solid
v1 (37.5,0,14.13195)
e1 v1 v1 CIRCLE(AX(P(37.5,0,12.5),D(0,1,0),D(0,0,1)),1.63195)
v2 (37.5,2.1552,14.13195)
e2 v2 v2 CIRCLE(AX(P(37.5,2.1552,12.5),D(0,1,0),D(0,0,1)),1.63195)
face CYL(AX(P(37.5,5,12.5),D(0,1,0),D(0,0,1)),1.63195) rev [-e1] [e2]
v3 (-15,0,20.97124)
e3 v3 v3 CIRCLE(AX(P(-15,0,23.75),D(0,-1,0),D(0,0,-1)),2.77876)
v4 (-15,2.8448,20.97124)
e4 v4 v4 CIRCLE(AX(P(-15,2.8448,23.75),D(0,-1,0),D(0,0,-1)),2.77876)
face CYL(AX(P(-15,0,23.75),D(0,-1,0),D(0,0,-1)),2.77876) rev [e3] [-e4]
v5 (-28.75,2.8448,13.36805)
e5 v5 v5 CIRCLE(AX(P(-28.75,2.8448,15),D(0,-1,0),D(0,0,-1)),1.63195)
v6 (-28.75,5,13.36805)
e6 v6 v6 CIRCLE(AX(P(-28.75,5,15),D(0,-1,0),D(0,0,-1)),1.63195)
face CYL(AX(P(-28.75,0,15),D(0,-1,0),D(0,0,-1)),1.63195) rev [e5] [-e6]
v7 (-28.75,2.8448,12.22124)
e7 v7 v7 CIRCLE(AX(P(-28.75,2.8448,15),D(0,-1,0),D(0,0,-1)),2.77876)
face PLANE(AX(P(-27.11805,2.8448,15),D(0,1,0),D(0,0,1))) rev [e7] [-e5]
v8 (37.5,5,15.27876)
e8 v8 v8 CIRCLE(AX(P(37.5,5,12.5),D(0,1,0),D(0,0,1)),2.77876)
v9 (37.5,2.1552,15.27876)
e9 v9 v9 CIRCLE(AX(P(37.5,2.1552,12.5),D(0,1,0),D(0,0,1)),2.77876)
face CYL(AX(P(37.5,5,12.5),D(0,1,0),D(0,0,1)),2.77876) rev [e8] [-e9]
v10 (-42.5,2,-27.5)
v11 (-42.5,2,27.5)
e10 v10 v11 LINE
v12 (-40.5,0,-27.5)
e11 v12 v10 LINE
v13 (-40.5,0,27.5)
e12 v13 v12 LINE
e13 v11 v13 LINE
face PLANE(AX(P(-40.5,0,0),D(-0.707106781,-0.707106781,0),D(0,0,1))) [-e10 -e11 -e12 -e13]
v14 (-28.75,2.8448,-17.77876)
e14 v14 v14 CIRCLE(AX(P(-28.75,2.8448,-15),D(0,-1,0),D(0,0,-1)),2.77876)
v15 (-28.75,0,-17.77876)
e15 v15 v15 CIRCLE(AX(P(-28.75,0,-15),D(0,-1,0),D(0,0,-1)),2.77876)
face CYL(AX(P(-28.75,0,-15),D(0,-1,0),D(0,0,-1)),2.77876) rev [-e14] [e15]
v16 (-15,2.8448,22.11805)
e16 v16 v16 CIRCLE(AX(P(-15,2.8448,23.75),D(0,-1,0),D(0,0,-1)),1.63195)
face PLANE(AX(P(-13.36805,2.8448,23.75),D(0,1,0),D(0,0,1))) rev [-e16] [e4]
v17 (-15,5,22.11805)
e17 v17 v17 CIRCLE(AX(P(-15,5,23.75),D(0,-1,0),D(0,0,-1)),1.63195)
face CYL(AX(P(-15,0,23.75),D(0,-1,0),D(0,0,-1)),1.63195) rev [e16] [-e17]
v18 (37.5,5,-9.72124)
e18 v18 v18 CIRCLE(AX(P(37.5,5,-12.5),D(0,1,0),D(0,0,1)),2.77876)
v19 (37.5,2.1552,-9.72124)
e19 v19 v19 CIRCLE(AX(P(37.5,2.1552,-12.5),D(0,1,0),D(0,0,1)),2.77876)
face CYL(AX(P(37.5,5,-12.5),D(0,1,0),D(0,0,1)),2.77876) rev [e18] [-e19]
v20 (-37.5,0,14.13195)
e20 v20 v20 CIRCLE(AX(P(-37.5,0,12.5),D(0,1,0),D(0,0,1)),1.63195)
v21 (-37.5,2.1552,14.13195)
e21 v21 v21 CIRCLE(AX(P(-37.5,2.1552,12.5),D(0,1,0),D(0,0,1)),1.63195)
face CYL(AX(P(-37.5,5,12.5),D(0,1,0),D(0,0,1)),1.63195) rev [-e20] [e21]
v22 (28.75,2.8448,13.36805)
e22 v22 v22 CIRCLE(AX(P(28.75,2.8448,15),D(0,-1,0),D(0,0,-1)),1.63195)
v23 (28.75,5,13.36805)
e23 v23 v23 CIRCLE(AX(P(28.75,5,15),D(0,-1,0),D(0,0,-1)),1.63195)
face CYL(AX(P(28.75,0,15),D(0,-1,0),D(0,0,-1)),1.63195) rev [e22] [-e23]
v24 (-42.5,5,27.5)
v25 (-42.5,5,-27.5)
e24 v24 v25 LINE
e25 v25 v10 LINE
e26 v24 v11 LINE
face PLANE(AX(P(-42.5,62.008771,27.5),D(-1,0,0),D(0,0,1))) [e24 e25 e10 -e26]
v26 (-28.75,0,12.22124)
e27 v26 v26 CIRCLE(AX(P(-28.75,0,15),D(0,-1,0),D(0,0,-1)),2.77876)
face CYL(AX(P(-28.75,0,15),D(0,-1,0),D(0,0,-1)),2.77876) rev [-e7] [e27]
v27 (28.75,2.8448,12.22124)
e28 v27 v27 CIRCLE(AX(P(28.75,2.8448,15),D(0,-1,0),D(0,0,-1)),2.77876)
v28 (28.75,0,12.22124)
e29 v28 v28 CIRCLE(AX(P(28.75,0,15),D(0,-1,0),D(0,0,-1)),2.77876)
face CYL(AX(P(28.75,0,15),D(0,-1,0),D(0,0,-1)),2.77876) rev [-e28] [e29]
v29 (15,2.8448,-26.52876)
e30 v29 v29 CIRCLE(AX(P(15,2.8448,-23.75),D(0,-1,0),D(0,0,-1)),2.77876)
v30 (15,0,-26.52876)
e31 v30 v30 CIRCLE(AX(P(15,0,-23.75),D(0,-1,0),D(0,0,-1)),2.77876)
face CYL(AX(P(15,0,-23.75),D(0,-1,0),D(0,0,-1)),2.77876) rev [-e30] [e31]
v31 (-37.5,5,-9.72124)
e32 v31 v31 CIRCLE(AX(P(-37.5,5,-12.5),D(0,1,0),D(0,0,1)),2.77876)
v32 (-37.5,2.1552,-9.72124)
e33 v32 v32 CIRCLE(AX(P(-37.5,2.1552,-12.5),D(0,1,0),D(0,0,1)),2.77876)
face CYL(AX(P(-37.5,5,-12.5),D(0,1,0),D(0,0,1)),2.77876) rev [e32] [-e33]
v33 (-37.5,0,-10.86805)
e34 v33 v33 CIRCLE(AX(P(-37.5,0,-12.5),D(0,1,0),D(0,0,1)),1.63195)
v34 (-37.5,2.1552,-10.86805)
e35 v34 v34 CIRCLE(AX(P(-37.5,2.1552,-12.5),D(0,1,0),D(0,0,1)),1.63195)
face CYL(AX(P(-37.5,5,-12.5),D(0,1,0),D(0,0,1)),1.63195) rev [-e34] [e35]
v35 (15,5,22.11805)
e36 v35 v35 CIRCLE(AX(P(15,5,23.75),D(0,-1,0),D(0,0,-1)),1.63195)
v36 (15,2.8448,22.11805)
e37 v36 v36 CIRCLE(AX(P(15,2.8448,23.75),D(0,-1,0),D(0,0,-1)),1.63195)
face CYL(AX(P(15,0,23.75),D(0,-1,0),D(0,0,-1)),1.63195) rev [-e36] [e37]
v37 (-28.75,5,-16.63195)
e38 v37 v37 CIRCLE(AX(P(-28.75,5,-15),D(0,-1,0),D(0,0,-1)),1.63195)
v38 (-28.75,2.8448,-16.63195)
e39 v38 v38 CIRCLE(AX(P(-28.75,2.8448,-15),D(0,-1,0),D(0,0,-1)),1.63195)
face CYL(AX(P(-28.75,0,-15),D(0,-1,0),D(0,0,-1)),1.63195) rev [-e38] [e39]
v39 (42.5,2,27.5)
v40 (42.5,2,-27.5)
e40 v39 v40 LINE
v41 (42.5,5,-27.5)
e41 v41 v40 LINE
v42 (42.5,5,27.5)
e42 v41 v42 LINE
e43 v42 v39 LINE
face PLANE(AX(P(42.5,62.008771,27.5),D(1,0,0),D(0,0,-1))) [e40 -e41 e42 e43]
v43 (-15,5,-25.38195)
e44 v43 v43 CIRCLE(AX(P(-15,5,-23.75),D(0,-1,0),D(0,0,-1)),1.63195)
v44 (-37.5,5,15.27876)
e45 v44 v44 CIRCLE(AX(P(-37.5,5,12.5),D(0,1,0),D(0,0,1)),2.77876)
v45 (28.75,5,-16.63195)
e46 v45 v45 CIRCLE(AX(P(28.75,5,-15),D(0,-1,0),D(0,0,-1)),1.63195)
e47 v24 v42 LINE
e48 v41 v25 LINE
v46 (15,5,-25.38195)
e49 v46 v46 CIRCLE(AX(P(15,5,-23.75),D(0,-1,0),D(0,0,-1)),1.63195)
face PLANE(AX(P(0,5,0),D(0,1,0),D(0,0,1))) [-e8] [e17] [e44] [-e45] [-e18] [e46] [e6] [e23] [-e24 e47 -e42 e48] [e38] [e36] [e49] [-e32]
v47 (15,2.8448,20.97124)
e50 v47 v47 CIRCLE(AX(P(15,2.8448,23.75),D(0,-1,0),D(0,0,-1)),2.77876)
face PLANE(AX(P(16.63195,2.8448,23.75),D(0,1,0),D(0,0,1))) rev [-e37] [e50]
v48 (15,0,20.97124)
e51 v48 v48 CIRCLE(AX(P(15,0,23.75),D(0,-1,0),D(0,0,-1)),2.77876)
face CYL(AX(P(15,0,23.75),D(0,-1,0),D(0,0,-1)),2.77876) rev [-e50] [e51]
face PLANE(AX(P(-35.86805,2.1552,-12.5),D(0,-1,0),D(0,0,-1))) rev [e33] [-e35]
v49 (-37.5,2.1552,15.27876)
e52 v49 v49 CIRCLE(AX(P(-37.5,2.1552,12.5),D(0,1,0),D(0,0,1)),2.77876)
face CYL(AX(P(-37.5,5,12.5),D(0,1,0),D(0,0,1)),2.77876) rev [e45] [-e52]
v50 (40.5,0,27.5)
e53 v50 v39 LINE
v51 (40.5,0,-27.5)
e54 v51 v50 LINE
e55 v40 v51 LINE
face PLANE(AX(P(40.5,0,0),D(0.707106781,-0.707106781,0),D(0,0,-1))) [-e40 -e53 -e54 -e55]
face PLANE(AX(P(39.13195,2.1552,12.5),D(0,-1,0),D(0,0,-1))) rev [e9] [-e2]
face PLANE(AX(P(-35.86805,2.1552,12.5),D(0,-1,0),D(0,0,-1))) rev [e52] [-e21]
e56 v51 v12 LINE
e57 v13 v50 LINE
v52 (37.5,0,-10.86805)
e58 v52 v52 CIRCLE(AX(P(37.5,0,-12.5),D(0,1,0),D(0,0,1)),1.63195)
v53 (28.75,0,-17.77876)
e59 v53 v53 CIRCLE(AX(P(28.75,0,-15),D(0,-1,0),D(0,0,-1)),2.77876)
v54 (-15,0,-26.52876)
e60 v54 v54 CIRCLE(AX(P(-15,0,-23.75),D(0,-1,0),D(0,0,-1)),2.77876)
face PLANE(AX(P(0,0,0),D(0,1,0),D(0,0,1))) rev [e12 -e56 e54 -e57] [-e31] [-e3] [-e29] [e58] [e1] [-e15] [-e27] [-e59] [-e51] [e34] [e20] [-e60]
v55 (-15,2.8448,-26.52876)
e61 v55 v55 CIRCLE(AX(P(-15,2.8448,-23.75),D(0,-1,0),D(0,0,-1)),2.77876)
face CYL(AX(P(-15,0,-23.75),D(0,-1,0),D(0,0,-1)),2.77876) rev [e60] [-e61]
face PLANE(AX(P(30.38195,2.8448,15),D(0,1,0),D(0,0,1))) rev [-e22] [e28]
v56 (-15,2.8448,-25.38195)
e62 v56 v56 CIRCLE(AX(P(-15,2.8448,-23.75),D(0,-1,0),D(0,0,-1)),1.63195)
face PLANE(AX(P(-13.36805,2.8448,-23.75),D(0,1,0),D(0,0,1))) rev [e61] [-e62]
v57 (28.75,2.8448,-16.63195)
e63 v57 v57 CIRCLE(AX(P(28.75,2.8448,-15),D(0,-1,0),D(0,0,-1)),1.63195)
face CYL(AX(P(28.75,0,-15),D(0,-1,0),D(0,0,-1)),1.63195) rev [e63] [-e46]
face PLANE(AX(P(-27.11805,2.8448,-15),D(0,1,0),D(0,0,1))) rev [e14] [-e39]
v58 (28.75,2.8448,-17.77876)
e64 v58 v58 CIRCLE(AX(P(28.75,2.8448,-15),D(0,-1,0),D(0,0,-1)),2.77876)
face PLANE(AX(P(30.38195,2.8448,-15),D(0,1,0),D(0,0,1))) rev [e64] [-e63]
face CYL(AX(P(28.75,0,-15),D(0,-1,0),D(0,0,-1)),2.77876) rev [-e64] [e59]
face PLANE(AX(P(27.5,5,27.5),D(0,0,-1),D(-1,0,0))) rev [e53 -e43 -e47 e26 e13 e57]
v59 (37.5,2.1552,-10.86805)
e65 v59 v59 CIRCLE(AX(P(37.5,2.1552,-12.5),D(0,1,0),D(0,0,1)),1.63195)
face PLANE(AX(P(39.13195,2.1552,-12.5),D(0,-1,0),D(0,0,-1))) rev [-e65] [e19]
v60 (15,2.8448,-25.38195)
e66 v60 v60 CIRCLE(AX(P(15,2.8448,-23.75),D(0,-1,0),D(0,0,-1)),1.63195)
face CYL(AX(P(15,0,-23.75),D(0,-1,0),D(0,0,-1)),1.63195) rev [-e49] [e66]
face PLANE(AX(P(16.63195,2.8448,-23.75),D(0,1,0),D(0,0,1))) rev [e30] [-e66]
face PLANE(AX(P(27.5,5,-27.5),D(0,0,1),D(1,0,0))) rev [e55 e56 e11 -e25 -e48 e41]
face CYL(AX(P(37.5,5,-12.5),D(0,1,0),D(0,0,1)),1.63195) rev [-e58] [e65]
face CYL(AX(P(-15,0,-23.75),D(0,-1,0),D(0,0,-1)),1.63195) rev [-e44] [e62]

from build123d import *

# Parameters (mm, degrees)
SKETCH2_W                                      = 55
SKETCH2_H                                      = 55
BOSS_EXTRUDE1_DEPTH                            = 5
SKETCH6_W                                      = 15
SKETCH6_H                                      = 55
BOSS_EXTRUDE2_DEPTH                            = 5
CBORE_FOR_4_SOCKET_HEAD_CAP_SCREW2_D           = 3.2639
CBORE_FOR_4_SOCKET_HEAD_CAP_SCREW2_CBORE_D     = 5.55752
CBORE_FOR_4_SOCKET_HEAD_CAP_SCREW2_CBORE_DEPTH = 2.8448
CBORE_FOR_4_SOCKET_HEAD_CAP_SCREW3_D           = 3.2639
CBORE_FOR_4_SOCKET_HEAD_CAP_SCREW3_CBORE_D     = 5.55752
CBORE_FOR_4_SOCKET_HEAD_CAP_SCREW3_CBORE_DEPTH = 2.8448
CHAMFER1_SIZE                                  = 2


with BuildPart() as part:
    # Sketch2 → Boss-Extrude1 (new body)
    with BuildSketch(Plane(origin=(0, 0, 0), x_dir=(1, 0, 0), z_dir=(0, 1, 0))):
        Rectangle(SKETCH2_W, SKETCH2_H)
    extrude(amount=BOSS_EXTRUDE1_DEPTH)

    # Sketch6 → Boss-Extrude2 (add)
    with BuildSketch(Plane.XZ):
        with Locations((-35, 0)):
            Rectangle(SKETCH6_W, SKETCH6_H)
        with Locations((35, 0)):
            Rectangle(SKETCH6_W, SKETCH6_H)
    extrude(amount=-BOSS_EXTRUDE2_DEPTH)

    # CBORE for #4 Socket Head Cap Screw2 (through all)
    with Locations(Plane(origin=(0, 5, 0), x_dir=(1, 0, 0), z_dir=(0, 1, 0))):
        with Locations((-37.5, 12.5), (-37.5, -12.5), (37.5, -12.5), (37.5, 12.5)):
            CounterBoreHole(CBORE_FOR_4_SOCKET_HEAD_CAP_SCREW2_D / 2, CBORE_FOR_4_SOCKET_HEAD_CAP_SCREW2_CBORE_D / 2, CBORE_FOR_4_SOCKET_HEAD_CAP_SCREW2_CBORE_DEPTH)

    # CBORE for #4 Socket Head Cap Screw3 (through all)
    with Locations(Plane(origin=(0, 0, 0), x_dir=(-1, 0, 0), z_dir=(0, -1, 0))):
        with Locations((-28.75, 15), (-15, 23.75), (-28.75, -15), (-15, -23.75), (15, -23.75), (28.75, -15), (28.75, 15), (15, 23.75)):
            CounterBoreHole(CBORE_FOR_4_SOCKET_HEAD_CAP_SCREW3_D / 2, CBORE_FOR_4_SOCKET_HEAD_CAP_SCREW3_CBORE_D / 2, CBORE_FOR_4_SOCKET_HEAD_CAP_SCREW3_CBORE_DEPTH)

    # Chamfer1
    chamfer1_edges = [part.edges().sort_by_distance(p)[0] for p in [
        (-42.5, 0, 0),
        (42.5, 0, 0),
    ]]
    chamfer(chamfer1_edges, length=CHAMFER1_SIZE)


solid = part.part
